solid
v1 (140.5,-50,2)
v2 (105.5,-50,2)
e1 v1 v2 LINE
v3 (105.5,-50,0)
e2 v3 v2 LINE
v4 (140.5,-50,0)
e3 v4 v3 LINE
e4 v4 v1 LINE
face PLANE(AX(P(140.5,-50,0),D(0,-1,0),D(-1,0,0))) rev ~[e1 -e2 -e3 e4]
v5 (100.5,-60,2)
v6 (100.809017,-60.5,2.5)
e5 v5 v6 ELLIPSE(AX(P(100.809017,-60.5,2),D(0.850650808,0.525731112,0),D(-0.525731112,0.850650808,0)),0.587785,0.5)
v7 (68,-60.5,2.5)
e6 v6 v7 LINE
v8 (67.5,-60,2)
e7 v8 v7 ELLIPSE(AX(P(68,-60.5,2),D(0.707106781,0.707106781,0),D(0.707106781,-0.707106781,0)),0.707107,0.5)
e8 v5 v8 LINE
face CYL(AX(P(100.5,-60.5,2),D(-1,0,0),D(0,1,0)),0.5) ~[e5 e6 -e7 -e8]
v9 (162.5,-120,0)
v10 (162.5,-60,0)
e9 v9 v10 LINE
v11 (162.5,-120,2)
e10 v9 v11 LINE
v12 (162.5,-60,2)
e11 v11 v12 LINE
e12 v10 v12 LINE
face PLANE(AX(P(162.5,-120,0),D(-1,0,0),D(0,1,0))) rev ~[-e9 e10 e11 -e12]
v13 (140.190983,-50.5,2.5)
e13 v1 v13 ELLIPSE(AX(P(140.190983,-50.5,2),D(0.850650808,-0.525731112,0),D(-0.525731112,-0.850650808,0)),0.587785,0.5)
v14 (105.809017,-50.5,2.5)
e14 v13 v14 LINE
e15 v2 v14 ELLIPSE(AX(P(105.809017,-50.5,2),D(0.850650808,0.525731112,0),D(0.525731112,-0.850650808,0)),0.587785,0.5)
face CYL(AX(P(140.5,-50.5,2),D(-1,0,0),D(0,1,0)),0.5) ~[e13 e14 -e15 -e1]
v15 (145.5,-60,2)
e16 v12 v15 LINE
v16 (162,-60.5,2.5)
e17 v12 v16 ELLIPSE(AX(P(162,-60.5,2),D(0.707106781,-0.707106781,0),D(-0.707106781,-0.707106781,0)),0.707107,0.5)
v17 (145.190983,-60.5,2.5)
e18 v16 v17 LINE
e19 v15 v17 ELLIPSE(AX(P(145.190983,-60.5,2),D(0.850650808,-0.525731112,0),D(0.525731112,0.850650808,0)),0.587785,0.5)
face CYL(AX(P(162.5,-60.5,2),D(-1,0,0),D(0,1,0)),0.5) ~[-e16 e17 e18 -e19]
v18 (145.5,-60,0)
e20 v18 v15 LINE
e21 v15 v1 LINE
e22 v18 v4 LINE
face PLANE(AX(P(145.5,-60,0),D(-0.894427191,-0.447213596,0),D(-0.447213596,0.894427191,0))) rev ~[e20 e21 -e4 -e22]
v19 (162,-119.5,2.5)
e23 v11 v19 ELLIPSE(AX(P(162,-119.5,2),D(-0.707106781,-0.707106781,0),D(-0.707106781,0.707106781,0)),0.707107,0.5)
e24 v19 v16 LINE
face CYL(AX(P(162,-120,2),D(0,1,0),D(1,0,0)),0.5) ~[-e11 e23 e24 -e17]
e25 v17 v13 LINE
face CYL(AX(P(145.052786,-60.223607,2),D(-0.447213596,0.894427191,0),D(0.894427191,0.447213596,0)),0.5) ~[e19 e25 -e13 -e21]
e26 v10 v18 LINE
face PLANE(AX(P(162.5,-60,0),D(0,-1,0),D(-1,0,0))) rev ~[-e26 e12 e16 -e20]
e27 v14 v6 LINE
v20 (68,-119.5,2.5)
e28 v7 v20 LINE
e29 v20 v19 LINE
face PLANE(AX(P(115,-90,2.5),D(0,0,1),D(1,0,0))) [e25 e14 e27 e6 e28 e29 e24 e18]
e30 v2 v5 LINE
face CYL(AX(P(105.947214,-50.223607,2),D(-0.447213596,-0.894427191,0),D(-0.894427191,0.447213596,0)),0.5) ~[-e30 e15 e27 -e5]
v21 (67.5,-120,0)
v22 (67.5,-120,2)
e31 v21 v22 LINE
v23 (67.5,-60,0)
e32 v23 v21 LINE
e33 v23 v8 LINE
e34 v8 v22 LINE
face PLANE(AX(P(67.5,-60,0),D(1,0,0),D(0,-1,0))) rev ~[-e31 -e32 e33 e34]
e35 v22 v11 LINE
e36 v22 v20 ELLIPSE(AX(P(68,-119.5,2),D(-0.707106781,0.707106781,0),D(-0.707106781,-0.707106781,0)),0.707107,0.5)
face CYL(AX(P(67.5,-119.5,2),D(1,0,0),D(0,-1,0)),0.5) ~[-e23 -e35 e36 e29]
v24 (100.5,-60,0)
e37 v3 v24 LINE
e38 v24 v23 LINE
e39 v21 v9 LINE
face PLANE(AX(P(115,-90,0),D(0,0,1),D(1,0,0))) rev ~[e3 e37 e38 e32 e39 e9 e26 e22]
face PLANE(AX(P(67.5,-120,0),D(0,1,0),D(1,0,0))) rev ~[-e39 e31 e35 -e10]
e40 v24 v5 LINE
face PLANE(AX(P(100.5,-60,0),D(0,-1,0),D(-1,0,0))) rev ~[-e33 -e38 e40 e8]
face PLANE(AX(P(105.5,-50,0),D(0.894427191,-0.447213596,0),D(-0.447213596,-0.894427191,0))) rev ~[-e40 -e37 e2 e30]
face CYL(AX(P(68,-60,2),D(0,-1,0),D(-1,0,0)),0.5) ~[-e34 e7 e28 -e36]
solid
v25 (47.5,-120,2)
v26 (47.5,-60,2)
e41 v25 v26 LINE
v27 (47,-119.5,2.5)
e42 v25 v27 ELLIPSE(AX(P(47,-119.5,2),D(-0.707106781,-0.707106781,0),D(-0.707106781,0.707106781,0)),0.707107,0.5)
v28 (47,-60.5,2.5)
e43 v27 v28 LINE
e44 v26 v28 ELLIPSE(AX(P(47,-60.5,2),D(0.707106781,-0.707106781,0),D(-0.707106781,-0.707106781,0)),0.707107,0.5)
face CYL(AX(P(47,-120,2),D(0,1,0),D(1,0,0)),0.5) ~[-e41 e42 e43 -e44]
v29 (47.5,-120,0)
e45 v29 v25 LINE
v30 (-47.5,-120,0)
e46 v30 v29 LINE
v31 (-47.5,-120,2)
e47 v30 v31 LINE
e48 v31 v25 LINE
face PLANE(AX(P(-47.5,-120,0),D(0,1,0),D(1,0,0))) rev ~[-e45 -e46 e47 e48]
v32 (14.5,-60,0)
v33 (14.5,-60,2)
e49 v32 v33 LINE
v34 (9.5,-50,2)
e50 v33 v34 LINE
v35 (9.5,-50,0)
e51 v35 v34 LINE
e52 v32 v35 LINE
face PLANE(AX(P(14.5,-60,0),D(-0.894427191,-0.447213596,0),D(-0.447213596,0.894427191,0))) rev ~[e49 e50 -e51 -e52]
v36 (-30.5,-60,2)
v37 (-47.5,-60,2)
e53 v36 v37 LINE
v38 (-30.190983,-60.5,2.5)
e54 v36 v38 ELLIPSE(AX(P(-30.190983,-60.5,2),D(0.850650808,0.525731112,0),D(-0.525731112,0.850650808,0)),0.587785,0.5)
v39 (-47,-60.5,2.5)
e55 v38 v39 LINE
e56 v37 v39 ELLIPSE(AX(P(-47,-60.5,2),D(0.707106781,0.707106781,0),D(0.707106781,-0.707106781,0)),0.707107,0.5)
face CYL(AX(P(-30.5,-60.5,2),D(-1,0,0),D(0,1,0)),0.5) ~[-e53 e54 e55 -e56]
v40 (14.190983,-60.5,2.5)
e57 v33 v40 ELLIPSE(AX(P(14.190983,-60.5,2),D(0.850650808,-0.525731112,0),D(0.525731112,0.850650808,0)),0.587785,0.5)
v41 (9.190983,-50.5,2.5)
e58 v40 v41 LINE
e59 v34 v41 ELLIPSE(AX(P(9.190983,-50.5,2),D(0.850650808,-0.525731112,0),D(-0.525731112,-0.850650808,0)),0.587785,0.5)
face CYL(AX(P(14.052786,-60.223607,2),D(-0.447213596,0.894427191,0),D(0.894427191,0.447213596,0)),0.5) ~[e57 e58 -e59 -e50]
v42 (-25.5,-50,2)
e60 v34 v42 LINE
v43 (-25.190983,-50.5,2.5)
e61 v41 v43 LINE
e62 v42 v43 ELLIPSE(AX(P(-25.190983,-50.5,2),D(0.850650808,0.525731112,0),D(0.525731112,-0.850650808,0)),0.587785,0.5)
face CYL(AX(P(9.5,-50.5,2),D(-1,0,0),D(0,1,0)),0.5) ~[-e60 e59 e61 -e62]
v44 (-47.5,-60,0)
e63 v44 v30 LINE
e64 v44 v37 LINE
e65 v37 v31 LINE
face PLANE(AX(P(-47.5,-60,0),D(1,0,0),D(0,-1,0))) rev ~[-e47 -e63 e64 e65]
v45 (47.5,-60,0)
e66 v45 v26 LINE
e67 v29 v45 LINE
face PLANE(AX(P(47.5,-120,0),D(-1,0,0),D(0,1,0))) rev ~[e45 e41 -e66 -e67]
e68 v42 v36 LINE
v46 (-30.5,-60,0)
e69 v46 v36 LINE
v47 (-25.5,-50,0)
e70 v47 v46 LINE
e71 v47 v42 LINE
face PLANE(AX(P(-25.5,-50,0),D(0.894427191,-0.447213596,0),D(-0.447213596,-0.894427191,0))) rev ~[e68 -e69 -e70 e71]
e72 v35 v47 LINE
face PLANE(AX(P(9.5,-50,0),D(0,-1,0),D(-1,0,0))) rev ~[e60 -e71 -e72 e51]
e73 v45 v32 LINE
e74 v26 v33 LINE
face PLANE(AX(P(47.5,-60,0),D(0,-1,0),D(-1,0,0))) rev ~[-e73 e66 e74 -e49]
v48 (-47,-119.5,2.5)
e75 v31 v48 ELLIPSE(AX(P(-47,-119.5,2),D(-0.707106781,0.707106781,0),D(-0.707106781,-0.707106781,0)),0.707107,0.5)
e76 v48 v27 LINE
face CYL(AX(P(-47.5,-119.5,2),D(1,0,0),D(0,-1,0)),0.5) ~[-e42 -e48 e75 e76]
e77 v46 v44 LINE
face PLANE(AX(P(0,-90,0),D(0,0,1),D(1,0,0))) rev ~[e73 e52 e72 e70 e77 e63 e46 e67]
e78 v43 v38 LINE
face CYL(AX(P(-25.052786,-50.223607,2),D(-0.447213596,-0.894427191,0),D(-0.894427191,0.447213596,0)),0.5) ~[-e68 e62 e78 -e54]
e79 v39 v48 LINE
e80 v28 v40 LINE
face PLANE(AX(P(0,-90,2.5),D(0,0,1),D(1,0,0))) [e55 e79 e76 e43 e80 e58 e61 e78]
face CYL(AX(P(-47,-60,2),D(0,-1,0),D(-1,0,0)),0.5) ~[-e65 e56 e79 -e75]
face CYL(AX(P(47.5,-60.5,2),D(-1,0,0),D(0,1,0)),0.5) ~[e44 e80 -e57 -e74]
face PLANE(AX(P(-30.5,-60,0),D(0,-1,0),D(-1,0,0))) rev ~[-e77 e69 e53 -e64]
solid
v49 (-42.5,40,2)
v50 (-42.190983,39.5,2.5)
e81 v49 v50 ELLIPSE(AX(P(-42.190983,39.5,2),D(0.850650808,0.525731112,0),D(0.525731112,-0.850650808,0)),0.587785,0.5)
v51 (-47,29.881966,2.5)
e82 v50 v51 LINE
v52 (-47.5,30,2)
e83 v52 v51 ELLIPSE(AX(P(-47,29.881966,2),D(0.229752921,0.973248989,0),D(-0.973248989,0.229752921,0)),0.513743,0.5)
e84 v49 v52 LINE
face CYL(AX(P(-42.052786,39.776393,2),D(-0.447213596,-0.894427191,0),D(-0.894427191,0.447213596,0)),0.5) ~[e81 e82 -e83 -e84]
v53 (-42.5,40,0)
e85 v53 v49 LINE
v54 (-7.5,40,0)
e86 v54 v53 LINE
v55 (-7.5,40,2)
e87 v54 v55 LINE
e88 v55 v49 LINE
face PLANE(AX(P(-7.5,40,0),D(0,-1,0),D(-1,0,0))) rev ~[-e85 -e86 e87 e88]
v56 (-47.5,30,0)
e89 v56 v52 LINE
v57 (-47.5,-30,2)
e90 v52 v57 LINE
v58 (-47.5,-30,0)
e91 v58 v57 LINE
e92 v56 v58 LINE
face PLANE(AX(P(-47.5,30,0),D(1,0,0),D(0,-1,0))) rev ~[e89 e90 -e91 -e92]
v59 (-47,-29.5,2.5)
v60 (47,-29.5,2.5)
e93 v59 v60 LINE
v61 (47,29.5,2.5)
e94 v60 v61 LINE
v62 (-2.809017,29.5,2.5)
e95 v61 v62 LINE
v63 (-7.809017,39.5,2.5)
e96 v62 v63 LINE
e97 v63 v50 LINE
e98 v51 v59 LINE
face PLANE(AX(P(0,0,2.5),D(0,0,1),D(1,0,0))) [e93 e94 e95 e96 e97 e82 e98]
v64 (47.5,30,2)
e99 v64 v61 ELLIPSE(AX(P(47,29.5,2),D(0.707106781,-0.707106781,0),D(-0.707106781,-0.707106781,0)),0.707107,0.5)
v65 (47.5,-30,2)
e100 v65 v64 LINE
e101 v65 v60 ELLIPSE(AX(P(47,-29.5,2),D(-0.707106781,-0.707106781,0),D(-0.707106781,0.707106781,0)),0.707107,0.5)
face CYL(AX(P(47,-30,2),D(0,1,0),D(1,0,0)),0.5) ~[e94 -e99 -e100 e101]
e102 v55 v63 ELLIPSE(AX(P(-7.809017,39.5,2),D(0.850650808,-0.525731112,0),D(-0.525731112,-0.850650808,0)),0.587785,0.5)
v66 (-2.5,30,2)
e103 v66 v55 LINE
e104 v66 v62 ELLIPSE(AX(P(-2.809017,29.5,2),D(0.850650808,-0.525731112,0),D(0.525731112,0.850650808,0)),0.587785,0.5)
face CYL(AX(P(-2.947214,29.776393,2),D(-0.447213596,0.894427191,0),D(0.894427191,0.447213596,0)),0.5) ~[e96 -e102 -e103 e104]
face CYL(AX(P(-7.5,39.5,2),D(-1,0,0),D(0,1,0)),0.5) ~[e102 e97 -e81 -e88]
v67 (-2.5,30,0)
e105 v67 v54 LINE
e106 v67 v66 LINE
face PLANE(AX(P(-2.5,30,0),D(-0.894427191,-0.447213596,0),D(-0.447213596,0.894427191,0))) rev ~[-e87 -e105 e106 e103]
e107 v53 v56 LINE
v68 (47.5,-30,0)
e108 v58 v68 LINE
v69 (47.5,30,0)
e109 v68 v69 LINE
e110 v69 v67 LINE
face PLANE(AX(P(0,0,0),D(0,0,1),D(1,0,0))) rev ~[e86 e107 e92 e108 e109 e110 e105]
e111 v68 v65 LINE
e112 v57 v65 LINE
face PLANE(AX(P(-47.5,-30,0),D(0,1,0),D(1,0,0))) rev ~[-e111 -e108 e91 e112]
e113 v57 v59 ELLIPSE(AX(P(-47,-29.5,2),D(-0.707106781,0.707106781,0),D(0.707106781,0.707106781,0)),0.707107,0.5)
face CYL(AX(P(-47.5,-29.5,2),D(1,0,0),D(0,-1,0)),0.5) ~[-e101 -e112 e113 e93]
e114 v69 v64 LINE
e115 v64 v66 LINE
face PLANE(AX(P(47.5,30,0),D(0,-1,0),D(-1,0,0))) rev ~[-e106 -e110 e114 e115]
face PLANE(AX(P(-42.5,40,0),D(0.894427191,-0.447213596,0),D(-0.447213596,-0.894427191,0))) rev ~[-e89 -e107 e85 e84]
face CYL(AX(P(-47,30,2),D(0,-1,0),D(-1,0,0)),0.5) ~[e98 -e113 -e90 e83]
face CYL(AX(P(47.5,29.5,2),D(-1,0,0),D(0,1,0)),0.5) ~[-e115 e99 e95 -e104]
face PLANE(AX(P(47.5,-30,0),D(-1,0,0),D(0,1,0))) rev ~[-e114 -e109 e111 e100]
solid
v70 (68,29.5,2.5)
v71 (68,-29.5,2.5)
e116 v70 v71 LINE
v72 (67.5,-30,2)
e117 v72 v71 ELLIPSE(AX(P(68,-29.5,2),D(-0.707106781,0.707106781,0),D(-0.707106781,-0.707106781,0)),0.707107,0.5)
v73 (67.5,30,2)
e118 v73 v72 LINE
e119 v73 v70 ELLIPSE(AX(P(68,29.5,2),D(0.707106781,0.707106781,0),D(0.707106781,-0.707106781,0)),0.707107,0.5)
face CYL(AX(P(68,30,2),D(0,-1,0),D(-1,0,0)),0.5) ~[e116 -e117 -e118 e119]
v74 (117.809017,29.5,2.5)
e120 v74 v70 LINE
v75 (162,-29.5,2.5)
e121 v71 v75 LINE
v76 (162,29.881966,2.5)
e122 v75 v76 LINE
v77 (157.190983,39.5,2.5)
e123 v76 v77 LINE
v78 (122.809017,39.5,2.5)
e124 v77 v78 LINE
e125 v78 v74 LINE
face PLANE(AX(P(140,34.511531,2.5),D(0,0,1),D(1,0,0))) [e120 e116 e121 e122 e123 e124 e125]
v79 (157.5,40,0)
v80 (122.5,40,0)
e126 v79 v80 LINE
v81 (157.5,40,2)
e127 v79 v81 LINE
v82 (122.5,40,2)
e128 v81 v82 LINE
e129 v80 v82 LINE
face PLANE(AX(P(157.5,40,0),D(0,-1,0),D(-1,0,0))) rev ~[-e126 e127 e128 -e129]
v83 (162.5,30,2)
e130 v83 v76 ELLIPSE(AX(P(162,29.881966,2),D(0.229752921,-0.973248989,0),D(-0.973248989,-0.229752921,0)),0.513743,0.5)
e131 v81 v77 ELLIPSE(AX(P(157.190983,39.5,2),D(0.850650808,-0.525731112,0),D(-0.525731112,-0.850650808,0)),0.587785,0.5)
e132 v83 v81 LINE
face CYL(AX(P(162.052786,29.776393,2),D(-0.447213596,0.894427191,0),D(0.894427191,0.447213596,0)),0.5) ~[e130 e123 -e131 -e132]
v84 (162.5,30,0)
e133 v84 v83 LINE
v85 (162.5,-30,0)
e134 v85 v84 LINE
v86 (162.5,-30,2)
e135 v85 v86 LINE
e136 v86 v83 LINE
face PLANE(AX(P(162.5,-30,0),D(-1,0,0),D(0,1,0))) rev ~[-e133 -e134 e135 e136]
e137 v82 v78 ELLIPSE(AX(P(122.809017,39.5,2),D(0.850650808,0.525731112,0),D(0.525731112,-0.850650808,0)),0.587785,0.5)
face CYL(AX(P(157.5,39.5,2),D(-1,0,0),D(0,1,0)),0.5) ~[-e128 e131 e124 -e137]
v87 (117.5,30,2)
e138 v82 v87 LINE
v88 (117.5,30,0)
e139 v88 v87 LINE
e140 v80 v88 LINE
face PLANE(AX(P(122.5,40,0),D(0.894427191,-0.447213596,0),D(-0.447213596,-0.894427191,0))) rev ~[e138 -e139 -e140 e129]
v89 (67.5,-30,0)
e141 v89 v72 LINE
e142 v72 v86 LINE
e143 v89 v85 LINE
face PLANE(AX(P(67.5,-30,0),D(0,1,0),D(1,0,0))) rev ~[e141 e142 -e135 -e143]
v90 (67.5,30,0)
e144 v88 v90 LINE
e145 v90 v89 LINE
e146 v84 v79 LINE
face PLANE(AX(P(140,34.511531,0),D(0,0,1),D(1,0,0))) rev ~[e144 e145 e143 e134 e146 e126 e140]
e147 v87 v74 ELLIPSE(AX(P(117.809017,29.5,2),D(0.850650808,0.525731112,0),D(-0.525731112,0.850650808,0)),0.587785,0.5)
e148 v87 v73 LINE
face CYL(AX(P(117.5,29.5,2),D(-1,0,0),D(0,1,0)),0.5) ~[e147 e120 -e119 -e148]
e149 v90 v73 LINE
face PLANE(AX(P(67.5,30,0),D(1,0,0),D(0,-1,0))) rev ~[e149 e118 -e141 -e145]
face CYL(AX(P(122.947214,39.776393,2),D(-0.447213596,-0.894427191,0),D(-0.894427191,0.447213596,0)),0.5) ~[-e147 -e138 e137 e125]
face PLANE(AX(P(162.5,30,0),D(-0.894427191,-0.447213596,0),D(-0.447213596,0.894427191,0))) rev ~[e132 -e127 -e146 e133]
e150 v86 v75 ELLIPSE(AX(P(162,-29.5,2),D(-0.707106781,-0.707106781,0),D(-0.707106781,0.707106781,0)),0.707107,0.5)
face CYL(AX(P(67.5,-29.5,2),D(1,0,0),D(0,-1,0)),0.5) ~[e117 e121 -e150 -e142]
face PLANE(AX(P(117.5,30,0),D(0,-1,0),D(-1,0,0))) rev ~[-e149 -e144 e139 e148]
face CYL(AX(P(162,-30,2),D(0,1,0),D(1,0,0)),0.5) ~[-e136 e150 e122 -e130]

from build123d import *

# Parameters (mm, degrees)
F1_DEPTH = 2.5
F2_R     = 0.5
F2_2_R   = 0.5
F2_3_R   = 0.5
F2_4_R   = 0.5


with BuildPart() as f1:
    # F0 (on Top) → F1 (new body)
    with BuildSketch(Plane.XY):
        Polygon((47.5, -30), (47.5, 30), (-2.5, 30), (-47.5, 30), (-47.5, -30), align=None)
        Polygon((-47.5, 30), (-2.5, 30), (-7.5, 40), (-42.5, 40), align=None)
    extrude(amount=F1_DEPTH)

    # F2
    f2_edges = [f1.edges().sort_by_distance(p)[0] for p in [
        (-45, 35, 2.5),
        (-25, 40, 2.5),
        (-5, 35, 2.5),
        (22.5, 30, 2.5),
        (47.5, 0, 2.5),
        (0, -30, 2.5),
        (-47.5, 0, 2.5),
    ]]
    fillet(f2_edges, radius=F2_R)


with BuildPart() as f1b:
    # F0 (on Top) → F1, piece 2 (new body)
    with BuildSketch(Plane.XY):
        Polygon((157.5, 40), (122.5, 40), (117.5, 30), (162.5, 30), align=None)
        Polygon((162.5, 30), (117.5, 30), (67.5, 30), (67.5, -30), (162.5, -30), align=None)
    extrude(amount=F1_DEPTH)

    # F2#2
    f2_2_edges = [f1b.edges().sort_by_distance(p)[0] for p in [
        (67.5, 0, 2.5),
        (92.5, 30, 2.5),
        (120, 35, 2.5),
        (140, 40, 2.5),
        (160, 35, 2.5),
        (162.5, 0, 2.5),
        (115, -30, 2.5),
    ]]
    fillet(f2_2_edges, radius=F2_2_R)


with BuildPart() as f1c:
    # F0 (on Top) → F1, piece 3 (new body)
    with BuildSketch(Plane.XY):
        Polygon((-47.5, -60), (-47.5, -120), (47.5, -120), (47.5, -60), (14.5, -60), (-30.5, -60), align=None)
        Polygon((-25.5, -50), (-30.5, -60), (14.5, -60), (9.5, -50), align=None)
    extrude(amount=F1_DEPTH)

    # F2#3
    f2_3_edges = [f1c.edges().sort_by_distance(p)[0] for p in [
        (-47.5, -90, 2.5),
        (-39, -60, 2.5),
        (-28, -55, 2.5),
        (-8, -50, 2.5),
        (12, -55, 2.5),
        (31, -60, 2.5),
        (47.5, -90, 2.5),
        (0, -120, 2.5),
    ]]
    fillet(f2_3_edges, radius=F2_3_R)


with BuildPart() as f1d:
    # F0 (on Top) → F1, piece 4 (new body)
    with BuildSketch(Plane.XY):
        Polygon((67.5, -120), (162.5, -120), (162.5, -60), (145.5, -60), (100.5, -60), (67.5, -60), align=None)
        Polygon((100.5, -60), (145.5, -60), (140.5, -50), (105.5, -50), align=None)
    extrude(amount=F1_DEPTH)

    # F2#4
    f2_4_edges = [f1d.edges().sort_by_distance(p)[0] for p in [
        (67.5, -90, 2.5),
        (84, -60, 2.5),
        (103, -55, 2.5),
        (123, -50, 2.5),
        (143, -55, 2.5),
        (154, -60, 2.5),
        (162.5, -90, 2.5),
        (115, -120, 2.5),
    ]]
    fillet(f2_4_edges, radius=F2_4_R)


solid = Compound([f1.part, f1b.part, f1c.part, f1d.part])
